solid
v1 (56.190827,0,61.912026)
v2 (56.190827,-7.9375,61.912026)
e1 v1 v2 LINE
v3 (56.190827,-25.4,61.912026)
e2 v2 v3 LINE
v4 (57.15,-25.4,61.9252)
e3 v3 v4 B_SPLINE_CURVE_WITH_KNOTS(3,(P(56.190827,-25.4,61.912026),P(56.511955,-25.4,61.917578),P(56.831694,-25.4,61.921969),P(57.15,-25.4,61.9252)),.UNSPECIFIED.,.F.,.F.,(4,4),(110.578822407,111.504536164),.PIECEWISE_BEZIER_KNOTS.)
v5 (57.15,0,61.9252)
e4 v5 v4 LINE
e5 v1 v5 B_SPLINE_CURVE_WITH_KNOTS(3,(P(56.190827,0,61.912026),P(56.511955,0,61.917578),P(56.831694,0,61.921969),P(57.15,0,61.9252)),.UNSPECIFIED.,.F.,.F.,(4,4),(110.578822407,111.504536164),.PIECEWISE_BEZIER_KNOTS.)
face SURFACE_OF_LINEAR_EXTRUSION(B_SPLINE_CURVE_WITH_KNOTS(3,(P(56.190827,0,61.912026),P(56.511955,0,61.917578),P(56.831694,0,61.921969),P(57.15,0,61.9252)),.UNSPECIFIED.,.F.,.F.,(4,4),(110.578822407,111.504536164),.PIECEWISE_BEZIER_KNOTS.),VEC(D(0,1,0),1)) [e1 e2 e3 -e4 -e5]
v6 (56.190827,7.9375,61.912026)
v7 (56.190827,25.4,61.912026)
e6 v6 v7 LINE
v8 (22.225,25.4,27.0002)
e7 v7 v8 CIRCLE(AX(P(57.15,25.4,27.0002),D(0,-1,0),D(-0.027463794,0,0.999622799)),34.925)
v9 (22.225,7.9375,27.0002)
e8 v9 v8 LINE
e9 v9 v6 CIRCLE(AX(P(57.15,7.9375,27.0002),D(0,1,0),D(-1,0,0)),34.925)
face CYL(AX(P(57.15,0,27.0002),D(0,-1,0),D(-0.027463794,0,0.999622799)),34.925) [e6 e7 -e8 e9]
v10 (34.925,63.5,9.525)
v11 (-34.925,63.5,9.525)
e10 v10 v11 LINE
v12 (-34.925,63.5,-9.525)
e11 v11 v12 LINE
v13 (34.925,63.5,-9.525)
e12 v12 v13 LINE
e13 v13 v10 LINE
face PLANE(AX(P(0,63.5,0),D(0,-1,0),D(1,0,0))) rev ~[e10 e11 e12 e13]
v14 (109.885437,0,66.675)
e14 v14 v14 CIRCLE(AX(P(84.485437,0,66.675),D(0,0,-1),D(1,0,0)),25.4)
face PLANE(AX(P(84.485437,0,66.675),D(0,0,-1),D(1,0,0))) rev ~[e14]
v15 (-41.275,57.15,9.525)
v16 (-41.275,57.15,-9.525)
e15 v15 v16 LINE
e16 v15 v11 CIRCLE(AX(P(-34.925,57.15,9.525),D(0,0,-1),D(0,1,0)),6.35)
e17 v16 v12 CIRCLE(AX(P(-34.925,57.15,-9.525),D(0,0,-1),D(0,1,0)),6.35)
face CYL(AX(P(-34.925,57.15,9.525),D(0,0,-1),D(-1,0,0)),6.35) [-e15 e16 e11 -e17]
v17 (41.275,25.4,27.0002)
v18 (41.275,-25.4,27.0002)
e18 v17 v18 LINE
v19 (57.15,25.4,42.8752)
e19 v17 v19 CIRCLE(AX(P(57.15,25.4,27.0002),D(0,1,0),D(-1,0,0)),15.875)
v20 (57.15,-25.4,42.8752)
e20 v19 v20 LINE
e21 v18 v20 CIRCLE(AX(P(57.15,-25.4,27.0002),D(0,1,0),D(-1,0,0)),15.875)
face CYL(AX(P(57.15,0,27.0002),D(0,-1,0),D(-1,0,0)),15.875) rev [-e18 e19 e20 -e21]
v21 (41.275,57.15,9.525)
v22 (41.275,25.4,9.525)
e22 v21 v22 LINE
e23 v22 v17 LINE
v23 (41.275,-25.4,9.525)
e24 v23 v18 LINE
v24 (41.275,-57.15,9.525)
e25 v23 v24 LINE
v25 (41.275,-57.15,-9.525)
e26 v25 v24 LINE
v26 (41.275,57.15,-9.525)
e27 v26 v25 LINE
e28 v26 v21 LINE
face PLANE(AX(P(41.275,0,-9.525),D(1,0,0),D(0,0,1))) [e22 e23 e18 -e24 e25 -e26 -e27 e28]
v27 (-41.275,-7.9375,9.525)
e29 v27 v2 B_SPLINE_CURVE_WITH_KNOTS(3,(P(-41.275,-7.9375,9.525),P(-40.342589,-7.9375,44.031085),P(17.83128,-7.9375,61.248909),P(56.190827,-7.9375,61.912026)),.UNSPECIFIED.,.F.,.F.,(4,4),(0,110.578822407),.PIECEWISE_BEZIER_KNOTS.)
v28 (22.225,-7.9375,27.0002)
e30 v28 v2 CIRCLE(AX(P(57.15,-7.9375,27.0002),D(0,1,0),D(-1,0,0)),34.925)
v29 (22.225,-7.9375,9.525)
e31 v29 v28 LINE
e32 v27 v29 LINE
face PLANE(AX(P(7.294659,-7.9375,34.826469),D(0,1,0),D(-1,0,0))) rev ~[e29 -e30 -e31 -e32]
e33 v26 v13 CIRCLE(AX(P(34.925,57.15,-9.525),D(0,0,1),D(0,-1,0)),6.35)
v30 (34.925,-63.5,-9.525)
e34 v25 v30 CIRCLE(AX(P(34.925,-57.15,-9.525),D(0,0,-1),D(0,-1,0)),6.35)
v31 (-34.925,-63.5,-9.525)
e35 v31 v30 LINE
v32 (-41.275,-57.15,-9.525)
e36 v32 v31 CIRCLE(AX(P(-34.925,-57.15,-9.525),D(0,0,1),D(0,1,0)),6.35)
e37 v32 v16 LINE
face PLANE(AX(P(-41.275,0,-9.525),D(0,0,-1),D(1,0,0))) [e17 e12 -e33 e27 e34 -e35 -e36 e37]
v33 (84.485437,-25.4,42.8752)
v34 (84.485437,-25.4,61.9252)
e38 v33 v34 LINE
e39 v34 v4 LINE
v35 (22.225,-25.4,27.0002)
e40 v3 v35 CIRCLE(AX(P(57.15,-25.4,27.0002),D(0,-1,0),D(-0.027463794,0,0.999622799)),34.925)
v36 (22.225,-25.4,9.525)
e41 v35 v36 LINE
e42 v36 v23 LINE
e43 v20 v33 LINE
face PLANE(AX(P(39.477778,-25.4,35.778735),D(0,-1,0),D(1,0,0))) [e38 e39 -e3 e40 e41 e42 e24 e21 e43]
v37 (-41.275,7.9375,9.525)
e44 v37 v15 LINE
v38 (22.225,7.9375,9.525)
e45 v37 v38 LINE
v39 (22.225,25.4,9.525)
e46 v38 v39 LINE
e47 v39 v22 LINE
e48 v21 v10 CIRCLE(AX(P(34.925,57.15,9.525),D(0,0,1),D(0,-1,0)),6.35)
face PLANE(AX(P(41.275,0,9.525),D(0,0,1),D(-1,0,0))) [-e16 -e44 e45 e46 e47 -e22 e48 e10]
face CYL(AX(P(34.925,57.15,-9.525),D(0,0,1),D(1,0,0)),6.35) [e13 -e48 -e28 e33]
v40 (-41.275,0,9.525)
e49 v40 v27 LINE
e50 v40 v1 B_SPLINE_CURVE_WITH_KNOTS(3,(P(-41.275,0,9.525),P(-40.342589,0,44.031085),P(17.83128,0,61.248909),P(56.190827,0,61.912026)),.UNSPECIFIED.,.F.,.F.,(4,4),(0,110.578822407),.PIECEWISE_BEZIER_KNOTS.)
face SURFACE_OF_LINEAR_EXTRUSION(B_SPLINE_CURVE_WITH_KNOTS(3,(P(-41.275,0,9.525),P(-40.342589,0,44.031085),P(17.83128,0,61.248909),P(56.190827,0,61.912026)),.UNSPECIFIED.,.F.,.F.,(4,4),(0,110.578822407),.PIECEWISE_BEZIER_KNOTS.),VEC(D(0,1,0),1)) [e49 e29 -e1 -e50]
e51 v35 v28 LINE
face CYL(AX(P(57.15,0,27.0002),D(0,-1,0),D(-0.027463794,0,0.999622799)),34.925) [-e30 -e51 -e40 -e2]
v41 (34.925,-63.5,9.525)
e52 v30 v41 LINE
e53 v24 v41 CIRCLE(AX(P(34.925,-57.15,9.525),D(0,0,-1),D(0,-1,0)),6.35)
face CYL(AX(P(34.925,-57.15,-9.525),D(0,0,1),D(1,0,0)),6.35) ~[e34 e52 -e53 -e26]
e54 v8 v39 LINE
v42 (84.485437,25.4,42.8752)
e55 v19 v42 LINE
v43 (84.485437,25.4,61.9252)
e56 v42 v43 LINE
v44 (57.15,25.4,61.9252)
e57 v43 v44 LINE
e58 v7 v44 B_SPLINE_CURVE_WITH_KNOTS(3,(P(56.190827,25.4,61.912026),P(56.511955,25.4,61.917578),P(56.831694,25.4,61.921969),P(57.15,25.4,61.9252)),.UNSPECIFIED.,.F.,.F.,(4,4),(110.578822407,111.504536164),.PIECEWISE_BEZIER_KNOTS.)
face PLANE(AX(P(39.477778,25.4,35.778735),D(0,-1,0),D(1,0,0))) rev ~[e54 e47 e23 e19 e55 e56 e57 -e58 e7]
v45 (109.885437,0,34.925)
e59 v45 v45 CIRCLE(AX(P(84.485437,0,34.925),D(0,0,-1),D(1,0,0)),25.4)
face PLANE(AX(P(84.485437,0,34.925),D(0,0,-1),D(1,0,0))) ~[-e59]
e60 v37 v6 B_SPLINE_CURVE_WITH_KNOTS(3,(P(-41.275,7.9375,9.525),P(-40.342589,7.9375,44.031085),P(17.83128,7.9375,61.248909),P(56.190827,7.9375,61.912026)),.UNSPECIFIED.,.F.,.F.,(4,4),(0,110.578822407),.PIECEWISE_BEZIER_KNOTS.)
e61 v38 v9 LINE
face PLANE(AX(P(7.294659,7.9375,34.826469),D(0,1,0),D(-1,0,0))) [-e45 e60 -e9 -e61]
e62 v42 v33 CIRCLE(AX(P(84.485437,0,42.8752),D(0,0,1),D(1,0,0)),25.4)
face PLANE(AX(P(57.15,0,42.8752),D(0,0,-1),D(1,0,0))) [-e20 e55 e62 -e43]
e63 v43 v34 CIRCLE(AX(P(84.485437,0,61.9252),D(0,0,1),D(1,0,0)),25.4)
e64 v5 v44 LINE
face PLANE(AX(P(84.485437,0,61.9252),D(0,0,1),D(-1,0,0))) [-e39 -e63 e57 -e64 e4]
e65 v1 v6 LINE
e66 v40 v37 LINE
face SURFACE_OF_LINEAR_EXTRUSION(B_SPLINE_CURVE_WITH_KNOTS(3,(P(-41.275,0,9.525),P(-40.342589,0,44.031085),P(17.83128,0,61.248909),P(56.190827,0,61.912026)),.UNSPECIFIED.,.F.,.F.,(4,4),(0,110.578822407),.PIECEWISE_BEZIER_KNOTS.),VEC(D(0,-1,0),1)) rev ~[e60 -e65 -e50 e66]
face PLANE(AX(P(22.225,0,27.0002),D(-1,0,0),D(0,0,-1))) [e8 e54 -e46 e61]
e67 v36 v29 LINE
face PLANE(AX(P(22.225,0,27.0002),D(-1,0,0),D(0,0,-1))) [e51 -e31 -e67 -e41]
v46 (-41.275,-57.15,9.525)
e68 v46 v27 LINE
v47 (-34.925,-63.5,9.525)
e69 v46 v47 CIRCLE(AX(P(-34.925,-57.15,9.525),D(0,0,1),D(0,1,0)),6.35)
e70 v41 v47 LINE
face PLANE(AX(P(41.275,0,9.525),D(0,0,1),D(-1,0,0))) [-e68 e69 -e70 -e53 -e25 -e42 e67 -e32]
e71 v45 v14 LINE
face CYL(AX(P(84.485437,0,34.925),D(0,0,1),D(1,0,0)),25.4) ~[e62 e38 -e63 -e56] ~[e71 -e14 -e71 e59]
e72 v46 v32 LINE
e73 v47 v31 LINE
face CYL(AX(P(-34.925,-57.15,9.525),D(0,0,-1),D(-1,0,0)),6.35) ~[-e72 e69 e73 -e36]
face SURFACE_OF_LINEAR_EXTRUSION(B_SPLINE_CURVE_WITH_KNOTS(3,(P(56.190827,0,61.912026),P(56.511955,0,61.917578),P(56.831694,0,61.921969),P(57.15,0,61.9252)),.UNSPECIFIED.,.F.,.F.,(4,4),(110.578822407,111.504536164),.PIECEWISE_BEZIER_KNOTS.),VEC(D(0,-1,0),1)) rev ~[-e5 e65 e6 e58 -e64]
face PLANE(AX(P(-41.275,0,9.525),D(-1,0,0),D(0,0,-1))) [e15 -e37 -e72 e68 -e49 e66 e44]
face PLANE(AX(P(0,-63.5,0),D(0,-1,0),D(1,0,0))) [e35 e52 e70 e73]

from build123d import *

# Parameters (mm, degrees)
F1_DEPTH = 63.5
F2_DEPTH = 25.4
F3_DEPTH = 7.9375
F5_R     = 6.35


with BuildPart() as f1:
    # F0 (on Front) → F1 (new body, symmetric)
    with BuildSketch(Plane.XZ):
        Polygon((-41.275, -9.525), (41.275, -9.525), (41.275, 9.525), (22.225, 9.525), (-41.275, 9.525), align=None)
    extrude(amount=F1_DEPTH, both=True)

    # F0 (on Front) → F2 (join, symmetric)
    with BuildSketch(Plane.XZ):
        with BuildLine():
            Line((22.225, 9.525), (41.275, 9.525))
            Line((41.275, 9.525), (41.275, 27.0002))
            ThreePointArc((41.275, 27.0002), (45.9246798487, 38.2255201513), (57.15, 42.8752))
            Line((57.15, 42.8752), (59.0854373096, 42.8752))
            Line((59.0854373096, 42.8752), (59.0854373096, 61.9252))
            Line((59.0854373096, 61.9252), (57.15, 61.9252))
            add(Edge.make_bspline(
                [(56.190827001, 61.9120262507), (56.5119550405, 61.9175775521), (56.831694443, 61.9219686584), (57.15, 61.9252)],
                knots=[110.5788224072, 110.5788224072, 110.5788224072, 110.5788224072, 111.5045361635, 111.5045361635, 111.5045361635, 111.5045361635], degree=3))
            ThreePointArc((56.190827001, 61.9120262507), (32.1174737393, 51.3544245618), (22.225, 27.0002))
            Line((22.225, 27.0002), (22.225, 9.525))
        make_face()
        Polygon((59.0854373096, 61.9252), (59.0854373096, 42.8752), (84.4854373096, 42.8752), (84.4854373096, 50.8), (84.4854373096, 61.9252), align=None)
    extrude(amount=F2_DEPTH, both=True)

    # F0 (on Front) → F3 (join, symmetric)
    with BuildSketch(Plane.XZ):
        with BuildLine():
            add(Edge.make_bspline(
                [(-41.275, 9.525), (-40.342589198, 44.0310850968), (17.8312798934, 61.2489094196), (56.190827001, 61.9120262507)],
                knots=[0, 0, 0, 0, 110.5788224072, 110.5788224072, 110.5788224072, 110.5788224072], degree=3))
            Line((-41.275, 9.525), (22.225, 9.525))
            Line((22.225, 9.525), (22.225, 27.0002))
            ThreePointArc((22.225, 27.0002), (32.1174737393, 51.3544245618), (56.190827001, 61.9120262507))
        make_face()
    extrude(amount=F3_DEPTH, both=True)

    # F0 (on Front) → F4 (revolve)
    with BuildSketch(Plane.XZ):
        Polygon((84.4854373096, 50.8), (84.4854373096, 42.8752), (84.4854373096, 34.925), (109.8854373096, 34.925), (109.8854373096, 66.675), (84.4854373096, 66.675), (84.4854373096, 61.9252), align=None)
    revolve(axis=Axis((84.4854373096, 0, 42.8625), (0, 0, -1)))

    # F5
    f5_edges = [f1.edges().sort_by_distance(p)[0] for p in [
        (41.275, -63.5, 0),
        (-41.275, -63.5, 0),
        (41.275, 63.5, 0),
        (-41.275, 63.5, 0),
    ]]
    fillet(f5_edges, radius=F5_R)


solid = f1.part
